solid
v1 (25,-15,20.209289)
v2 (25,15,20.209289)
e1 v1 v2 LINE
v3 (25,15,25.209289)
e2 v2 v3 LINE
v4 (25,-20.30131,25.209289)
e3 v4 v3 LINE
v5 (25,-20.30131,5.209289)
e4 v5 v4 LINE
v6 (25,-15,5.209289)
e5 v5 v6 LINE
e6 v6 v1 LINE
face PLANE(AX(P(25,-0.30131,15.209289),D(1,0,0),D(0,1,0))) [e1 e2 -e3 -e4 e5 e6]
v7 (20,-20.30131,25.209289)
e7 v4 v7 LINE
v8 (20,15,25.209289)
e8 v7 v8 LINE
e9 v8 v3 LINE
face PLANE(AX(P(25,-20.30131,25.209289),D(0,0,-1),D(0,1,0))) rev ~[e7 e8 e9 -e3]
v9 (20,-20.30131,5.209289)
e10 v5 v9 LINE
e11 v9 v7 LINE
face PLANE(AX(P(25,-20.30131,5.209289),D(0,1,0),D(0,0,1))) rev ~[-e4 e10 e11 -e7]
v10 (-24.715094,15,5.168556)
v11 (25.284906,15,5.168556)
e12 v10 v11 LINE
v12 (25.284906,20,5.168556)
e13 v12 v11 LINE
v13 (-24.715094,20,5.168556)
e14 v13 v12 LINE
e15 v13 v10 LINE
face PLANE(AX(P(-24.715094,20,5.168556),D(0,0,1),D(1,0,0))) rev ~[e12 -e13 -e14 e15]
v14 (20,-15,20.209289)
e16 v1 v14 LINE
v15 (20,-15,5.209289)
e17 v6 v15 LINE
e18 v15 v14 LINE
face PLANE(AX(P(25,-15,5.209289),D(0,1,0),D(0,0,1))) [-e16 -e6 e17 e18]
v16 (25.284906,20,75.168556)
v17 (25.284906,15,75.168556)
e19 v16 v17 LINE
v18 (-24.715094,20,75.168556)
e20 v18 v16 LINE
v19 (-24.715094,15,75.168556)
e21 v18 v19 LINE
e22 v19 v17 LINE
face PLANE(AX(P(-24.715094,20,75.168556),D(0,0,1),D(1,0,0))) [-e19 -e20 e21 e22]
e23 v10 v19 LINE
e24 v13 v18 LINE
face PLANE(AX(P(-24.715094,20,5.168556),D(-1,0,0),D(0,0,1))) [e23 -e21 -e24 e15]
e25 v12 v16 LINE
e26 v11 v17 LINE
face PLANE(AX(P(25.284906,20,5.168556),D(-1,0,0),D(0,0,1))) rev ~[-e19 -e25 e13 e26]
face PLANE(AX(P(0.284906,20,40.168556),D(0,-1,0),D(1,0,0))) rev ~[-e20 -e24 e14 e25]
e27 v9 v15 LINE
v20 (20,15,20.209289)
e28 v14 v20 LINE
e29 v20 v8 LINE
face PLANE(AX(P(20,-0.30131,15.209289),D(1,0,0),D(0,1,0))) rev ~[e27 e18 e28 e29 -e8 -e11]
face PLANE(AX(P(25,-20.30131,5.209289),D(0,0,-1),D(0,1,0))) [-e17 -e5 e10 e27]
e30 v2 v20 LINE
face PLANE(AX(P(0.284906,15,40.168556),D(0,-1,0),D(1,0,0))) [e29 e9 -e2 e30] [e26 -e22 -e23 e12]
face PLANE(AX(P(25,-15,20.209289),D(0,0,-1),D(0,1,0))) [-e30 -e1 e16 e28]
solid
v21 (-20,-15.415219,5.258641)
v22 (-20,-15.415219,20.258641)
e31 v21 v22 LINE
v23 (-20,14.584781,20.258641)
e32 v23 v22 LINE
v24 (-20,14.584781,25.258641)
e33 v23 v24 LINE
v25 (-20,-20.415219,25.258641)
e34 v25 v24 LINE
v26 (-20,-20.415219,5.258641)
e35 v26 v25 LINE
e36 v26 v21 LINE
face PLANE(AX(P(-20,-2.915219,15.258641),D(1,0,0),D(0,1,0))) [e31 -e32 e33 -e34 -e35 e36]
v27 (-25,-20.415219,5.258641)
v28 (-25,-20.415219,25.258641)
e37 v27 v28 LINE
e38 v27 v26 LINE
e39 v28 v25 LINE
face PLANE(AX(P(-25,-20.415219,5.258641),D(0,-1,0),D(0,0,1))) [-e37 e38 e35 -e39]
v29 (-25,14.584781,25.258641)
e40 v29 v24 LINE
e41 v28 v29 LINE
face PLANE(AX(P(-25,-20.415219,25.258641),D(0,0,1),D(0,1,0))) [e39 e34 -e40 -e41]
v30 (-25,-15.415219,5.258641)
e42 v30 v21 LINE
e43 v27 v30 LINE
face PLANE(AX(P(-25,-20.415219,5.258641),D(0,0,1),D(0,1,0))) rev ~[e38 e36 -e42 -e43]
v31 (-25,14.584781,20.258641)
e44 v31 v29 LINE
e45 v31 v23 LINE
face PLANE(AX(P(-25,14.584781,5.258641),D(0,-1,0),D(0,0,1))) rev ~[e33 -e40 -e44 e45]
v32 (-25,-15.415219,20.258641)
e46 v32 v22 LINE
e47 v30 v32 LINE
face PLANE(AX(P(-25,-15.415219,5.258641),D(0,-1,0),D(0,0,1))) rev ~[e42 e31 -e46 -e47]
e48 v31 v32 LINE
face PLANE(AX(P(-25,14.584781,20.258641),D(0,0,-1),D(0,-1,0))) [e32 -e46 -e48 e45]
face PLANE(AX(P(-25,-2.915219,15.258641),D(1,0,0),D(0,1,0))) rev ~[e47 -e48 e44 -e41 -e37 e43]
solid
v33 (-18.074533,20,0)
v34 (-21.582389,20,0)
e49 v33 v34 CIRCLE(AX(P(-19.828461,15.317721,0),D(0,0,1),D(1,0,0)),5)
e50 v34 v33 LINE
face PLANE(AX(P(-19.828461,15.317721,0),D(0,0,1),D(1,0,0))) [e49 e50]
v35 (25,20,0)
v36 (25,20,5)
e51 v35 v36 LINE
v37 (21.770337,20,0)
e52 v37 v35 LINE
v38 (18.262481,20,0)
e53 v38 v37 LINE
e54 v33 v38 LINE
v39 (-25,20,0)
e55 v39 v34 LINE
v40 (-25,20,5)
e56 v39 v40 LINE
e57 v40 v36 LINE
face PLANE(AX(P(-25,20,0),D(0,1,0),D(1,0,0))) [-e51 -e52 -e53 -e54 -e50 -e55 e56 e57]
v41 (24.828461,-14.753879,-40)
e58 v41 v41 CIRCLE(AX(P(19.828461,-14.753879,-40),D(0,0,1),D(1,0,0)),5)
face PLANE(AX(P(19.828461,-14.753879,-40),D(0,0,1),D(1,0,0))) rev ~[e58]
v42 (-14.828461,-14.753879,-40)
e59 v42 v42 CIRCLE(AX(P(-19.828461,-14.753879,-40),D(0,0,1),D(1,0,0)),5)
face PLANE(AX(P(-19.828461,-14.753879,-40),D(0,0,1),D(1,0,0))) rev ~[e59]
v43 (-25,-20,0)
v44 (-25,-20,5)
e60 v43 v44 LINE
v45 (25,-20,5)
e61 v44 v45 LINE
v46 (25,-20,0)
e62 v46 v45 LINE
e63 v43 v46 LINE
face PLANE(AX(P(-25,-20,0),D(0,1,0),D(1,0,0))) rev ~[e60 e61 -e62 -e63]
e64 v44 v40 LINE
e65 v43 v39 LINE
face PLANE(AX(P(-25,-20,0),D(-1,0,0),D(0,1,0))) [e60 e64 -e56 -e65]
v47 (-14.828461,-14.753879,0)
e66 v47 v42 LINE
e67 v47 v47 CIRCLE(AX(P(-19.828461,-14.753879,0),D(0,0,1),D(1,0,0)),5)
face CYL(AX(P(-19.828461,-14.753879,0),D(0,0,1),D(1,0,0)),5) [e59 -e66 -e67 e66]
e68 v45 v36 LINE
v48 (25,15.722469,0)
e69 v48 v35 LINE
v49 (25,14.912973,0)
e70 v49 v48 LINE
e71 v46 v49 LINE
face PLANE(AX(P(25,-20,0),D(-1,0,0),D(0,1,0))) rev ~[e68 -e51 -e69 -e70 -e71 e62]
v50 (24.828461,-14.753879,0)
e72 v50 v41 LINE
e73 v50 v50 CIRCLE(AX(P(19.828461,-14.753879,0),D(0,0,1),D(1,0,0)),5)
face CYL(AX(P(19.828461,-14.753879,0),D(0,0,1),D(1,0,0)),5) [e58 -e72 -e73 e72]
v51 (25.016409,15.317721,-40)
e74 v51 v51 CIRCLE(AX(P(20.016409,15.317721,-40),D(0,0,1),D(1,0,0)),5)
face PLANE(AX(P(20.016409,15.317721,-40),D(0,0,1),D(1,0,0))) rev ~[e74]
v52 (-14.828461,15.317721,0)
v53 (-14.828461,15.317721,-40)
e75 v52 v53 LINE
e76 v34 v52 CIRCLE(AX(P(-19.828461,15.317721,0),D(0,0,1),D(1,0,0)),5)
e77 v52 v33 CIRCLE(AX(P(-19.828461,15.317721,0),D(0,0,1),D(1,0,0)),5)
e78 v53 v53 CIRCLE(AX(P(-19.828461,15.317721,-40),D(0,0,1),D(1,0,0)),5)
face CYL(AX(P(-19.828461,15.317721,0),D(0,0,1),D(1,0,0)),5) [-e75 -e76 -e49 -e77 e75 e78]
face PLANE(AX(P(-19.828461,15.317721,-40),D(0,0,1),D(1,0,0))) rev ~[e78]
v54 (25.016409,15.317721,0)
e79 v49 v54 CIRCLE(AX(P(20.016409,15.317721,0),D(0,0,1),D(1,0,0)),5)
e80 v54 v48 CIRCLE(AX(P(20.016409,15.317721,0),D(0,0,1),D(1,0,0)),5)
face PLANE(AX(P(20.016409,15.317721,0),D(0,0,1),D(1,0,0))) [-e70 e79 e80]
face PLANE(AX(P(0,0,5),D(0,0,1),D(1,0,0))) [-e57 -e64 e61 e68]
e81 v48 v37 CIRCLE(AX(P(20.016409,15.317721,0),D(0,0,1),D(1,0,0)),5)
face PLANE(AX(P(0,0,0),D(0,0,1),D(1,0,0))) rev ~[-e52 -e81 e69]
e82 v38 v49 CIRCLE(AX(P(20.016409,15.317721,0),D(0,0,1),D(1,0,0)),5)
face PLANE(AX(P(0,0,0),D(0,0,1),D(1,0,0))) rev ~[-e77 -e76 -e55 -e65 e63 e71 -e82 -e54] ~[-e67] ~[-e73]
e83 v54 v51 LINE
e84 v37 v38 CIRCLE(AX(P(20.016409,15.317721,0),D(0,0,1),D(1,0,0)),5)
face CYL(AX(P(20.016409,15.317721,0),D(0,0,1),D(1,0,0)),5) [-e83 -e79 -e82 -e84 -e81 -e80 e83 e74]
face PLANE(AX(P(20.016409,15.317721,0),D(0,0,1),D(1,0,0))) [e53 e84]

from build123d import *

# Parameters (mm, degrees)
F1_R      = 5
F2_DEPTH  = 40
F0_W      = 50
F0_H      = 40
F3_DEPTH  = 5
F5_W      = 50
F5_H      = 70
F6_DEPTH  = 5
F9_W      = 40
F9_H      = 20
F10_DEPTH = 5
F11_W     = 30
F11_H     = 15
F12_DEPTH = 5
F13_W     = 35
F13_H     = 20
F14_DEPTH = 5
F15_W     = 30
F15_H     = 15
F16_DEPTH = 5


with BuildPart() as f2:
    # F1 (on Top) → F2 (new body)
    with BuildSketch(Plane.XY):
        with Locations((-19.828461, 15.317721)):
            Circle(F1_R)
        with Locations((-19.828461, -14.753879)):
            Circle(F1_R)
        with Locations((20.016409, 15.317721)):
            Circle(F1_R)
        with Locations((19.828461, -14.753879)):
            Circle(F1_R)
    extrude(amount=-F2_DEPTH)

    # F0 (on Top) → F3 (join)
    with BuildSketch(Plane.XY):
        Rectangle(F0_W, F0_H)
    extrude(amount=F3_DEPTH)


with BuildPart() as f6:
    # F5 (on offset) → F6 (new body)
    with BuildSketch(Plane.XZ.offset(-20)):
        with Locations((0.284906, 40.168556)):
            Rectangle(F5_W, F5_H)
    extrude(amount=F6_DEPTH)

    # F9 (on offset) → F10 (join)
    with BuildSketch(Plane.YZ.offset(25)):
        with Locations((-0.30131, 15.209289)):
            Rectangle(F9_W, F9_H)
    extrude(amount=-F10_DEPTH)

    # F11 (on face) → F12 (cut)
    with BuildSketch(Plane.YZ.offset(25)):
        with Locations((0, 12.709289)):
            Rectangle(F11_W, F11_H)
    extrude(amount=-F12_DEPTH, mode=Mode.SUBTRACT)


with BuildPart() as f14:
    # F13 (on offset) → F14 (new body)
    with BuildSketch(Plane.YZ.offset(-25)):
        with Locations((-2.915219, 15.258641)):
            Rectangle(F13_W, F13_H)
    extrude(amount=F14_DEPTH)

    # F15 (on face) → F16 (cut)
    with BuildSketch(Plane(origin=(-25, 0, 0), x_dir=(0, -1, 0), z_dir=(-1, 0, 0))):
        with Locations((0.415219, 12.758641)):
            Rectangle(F15_W, F15_H)
    extrude(amount=-F16_DEPTH, mode=Mode.SUBTRACT)


solid = Compound([f2.part, f6.part, f14.part])
